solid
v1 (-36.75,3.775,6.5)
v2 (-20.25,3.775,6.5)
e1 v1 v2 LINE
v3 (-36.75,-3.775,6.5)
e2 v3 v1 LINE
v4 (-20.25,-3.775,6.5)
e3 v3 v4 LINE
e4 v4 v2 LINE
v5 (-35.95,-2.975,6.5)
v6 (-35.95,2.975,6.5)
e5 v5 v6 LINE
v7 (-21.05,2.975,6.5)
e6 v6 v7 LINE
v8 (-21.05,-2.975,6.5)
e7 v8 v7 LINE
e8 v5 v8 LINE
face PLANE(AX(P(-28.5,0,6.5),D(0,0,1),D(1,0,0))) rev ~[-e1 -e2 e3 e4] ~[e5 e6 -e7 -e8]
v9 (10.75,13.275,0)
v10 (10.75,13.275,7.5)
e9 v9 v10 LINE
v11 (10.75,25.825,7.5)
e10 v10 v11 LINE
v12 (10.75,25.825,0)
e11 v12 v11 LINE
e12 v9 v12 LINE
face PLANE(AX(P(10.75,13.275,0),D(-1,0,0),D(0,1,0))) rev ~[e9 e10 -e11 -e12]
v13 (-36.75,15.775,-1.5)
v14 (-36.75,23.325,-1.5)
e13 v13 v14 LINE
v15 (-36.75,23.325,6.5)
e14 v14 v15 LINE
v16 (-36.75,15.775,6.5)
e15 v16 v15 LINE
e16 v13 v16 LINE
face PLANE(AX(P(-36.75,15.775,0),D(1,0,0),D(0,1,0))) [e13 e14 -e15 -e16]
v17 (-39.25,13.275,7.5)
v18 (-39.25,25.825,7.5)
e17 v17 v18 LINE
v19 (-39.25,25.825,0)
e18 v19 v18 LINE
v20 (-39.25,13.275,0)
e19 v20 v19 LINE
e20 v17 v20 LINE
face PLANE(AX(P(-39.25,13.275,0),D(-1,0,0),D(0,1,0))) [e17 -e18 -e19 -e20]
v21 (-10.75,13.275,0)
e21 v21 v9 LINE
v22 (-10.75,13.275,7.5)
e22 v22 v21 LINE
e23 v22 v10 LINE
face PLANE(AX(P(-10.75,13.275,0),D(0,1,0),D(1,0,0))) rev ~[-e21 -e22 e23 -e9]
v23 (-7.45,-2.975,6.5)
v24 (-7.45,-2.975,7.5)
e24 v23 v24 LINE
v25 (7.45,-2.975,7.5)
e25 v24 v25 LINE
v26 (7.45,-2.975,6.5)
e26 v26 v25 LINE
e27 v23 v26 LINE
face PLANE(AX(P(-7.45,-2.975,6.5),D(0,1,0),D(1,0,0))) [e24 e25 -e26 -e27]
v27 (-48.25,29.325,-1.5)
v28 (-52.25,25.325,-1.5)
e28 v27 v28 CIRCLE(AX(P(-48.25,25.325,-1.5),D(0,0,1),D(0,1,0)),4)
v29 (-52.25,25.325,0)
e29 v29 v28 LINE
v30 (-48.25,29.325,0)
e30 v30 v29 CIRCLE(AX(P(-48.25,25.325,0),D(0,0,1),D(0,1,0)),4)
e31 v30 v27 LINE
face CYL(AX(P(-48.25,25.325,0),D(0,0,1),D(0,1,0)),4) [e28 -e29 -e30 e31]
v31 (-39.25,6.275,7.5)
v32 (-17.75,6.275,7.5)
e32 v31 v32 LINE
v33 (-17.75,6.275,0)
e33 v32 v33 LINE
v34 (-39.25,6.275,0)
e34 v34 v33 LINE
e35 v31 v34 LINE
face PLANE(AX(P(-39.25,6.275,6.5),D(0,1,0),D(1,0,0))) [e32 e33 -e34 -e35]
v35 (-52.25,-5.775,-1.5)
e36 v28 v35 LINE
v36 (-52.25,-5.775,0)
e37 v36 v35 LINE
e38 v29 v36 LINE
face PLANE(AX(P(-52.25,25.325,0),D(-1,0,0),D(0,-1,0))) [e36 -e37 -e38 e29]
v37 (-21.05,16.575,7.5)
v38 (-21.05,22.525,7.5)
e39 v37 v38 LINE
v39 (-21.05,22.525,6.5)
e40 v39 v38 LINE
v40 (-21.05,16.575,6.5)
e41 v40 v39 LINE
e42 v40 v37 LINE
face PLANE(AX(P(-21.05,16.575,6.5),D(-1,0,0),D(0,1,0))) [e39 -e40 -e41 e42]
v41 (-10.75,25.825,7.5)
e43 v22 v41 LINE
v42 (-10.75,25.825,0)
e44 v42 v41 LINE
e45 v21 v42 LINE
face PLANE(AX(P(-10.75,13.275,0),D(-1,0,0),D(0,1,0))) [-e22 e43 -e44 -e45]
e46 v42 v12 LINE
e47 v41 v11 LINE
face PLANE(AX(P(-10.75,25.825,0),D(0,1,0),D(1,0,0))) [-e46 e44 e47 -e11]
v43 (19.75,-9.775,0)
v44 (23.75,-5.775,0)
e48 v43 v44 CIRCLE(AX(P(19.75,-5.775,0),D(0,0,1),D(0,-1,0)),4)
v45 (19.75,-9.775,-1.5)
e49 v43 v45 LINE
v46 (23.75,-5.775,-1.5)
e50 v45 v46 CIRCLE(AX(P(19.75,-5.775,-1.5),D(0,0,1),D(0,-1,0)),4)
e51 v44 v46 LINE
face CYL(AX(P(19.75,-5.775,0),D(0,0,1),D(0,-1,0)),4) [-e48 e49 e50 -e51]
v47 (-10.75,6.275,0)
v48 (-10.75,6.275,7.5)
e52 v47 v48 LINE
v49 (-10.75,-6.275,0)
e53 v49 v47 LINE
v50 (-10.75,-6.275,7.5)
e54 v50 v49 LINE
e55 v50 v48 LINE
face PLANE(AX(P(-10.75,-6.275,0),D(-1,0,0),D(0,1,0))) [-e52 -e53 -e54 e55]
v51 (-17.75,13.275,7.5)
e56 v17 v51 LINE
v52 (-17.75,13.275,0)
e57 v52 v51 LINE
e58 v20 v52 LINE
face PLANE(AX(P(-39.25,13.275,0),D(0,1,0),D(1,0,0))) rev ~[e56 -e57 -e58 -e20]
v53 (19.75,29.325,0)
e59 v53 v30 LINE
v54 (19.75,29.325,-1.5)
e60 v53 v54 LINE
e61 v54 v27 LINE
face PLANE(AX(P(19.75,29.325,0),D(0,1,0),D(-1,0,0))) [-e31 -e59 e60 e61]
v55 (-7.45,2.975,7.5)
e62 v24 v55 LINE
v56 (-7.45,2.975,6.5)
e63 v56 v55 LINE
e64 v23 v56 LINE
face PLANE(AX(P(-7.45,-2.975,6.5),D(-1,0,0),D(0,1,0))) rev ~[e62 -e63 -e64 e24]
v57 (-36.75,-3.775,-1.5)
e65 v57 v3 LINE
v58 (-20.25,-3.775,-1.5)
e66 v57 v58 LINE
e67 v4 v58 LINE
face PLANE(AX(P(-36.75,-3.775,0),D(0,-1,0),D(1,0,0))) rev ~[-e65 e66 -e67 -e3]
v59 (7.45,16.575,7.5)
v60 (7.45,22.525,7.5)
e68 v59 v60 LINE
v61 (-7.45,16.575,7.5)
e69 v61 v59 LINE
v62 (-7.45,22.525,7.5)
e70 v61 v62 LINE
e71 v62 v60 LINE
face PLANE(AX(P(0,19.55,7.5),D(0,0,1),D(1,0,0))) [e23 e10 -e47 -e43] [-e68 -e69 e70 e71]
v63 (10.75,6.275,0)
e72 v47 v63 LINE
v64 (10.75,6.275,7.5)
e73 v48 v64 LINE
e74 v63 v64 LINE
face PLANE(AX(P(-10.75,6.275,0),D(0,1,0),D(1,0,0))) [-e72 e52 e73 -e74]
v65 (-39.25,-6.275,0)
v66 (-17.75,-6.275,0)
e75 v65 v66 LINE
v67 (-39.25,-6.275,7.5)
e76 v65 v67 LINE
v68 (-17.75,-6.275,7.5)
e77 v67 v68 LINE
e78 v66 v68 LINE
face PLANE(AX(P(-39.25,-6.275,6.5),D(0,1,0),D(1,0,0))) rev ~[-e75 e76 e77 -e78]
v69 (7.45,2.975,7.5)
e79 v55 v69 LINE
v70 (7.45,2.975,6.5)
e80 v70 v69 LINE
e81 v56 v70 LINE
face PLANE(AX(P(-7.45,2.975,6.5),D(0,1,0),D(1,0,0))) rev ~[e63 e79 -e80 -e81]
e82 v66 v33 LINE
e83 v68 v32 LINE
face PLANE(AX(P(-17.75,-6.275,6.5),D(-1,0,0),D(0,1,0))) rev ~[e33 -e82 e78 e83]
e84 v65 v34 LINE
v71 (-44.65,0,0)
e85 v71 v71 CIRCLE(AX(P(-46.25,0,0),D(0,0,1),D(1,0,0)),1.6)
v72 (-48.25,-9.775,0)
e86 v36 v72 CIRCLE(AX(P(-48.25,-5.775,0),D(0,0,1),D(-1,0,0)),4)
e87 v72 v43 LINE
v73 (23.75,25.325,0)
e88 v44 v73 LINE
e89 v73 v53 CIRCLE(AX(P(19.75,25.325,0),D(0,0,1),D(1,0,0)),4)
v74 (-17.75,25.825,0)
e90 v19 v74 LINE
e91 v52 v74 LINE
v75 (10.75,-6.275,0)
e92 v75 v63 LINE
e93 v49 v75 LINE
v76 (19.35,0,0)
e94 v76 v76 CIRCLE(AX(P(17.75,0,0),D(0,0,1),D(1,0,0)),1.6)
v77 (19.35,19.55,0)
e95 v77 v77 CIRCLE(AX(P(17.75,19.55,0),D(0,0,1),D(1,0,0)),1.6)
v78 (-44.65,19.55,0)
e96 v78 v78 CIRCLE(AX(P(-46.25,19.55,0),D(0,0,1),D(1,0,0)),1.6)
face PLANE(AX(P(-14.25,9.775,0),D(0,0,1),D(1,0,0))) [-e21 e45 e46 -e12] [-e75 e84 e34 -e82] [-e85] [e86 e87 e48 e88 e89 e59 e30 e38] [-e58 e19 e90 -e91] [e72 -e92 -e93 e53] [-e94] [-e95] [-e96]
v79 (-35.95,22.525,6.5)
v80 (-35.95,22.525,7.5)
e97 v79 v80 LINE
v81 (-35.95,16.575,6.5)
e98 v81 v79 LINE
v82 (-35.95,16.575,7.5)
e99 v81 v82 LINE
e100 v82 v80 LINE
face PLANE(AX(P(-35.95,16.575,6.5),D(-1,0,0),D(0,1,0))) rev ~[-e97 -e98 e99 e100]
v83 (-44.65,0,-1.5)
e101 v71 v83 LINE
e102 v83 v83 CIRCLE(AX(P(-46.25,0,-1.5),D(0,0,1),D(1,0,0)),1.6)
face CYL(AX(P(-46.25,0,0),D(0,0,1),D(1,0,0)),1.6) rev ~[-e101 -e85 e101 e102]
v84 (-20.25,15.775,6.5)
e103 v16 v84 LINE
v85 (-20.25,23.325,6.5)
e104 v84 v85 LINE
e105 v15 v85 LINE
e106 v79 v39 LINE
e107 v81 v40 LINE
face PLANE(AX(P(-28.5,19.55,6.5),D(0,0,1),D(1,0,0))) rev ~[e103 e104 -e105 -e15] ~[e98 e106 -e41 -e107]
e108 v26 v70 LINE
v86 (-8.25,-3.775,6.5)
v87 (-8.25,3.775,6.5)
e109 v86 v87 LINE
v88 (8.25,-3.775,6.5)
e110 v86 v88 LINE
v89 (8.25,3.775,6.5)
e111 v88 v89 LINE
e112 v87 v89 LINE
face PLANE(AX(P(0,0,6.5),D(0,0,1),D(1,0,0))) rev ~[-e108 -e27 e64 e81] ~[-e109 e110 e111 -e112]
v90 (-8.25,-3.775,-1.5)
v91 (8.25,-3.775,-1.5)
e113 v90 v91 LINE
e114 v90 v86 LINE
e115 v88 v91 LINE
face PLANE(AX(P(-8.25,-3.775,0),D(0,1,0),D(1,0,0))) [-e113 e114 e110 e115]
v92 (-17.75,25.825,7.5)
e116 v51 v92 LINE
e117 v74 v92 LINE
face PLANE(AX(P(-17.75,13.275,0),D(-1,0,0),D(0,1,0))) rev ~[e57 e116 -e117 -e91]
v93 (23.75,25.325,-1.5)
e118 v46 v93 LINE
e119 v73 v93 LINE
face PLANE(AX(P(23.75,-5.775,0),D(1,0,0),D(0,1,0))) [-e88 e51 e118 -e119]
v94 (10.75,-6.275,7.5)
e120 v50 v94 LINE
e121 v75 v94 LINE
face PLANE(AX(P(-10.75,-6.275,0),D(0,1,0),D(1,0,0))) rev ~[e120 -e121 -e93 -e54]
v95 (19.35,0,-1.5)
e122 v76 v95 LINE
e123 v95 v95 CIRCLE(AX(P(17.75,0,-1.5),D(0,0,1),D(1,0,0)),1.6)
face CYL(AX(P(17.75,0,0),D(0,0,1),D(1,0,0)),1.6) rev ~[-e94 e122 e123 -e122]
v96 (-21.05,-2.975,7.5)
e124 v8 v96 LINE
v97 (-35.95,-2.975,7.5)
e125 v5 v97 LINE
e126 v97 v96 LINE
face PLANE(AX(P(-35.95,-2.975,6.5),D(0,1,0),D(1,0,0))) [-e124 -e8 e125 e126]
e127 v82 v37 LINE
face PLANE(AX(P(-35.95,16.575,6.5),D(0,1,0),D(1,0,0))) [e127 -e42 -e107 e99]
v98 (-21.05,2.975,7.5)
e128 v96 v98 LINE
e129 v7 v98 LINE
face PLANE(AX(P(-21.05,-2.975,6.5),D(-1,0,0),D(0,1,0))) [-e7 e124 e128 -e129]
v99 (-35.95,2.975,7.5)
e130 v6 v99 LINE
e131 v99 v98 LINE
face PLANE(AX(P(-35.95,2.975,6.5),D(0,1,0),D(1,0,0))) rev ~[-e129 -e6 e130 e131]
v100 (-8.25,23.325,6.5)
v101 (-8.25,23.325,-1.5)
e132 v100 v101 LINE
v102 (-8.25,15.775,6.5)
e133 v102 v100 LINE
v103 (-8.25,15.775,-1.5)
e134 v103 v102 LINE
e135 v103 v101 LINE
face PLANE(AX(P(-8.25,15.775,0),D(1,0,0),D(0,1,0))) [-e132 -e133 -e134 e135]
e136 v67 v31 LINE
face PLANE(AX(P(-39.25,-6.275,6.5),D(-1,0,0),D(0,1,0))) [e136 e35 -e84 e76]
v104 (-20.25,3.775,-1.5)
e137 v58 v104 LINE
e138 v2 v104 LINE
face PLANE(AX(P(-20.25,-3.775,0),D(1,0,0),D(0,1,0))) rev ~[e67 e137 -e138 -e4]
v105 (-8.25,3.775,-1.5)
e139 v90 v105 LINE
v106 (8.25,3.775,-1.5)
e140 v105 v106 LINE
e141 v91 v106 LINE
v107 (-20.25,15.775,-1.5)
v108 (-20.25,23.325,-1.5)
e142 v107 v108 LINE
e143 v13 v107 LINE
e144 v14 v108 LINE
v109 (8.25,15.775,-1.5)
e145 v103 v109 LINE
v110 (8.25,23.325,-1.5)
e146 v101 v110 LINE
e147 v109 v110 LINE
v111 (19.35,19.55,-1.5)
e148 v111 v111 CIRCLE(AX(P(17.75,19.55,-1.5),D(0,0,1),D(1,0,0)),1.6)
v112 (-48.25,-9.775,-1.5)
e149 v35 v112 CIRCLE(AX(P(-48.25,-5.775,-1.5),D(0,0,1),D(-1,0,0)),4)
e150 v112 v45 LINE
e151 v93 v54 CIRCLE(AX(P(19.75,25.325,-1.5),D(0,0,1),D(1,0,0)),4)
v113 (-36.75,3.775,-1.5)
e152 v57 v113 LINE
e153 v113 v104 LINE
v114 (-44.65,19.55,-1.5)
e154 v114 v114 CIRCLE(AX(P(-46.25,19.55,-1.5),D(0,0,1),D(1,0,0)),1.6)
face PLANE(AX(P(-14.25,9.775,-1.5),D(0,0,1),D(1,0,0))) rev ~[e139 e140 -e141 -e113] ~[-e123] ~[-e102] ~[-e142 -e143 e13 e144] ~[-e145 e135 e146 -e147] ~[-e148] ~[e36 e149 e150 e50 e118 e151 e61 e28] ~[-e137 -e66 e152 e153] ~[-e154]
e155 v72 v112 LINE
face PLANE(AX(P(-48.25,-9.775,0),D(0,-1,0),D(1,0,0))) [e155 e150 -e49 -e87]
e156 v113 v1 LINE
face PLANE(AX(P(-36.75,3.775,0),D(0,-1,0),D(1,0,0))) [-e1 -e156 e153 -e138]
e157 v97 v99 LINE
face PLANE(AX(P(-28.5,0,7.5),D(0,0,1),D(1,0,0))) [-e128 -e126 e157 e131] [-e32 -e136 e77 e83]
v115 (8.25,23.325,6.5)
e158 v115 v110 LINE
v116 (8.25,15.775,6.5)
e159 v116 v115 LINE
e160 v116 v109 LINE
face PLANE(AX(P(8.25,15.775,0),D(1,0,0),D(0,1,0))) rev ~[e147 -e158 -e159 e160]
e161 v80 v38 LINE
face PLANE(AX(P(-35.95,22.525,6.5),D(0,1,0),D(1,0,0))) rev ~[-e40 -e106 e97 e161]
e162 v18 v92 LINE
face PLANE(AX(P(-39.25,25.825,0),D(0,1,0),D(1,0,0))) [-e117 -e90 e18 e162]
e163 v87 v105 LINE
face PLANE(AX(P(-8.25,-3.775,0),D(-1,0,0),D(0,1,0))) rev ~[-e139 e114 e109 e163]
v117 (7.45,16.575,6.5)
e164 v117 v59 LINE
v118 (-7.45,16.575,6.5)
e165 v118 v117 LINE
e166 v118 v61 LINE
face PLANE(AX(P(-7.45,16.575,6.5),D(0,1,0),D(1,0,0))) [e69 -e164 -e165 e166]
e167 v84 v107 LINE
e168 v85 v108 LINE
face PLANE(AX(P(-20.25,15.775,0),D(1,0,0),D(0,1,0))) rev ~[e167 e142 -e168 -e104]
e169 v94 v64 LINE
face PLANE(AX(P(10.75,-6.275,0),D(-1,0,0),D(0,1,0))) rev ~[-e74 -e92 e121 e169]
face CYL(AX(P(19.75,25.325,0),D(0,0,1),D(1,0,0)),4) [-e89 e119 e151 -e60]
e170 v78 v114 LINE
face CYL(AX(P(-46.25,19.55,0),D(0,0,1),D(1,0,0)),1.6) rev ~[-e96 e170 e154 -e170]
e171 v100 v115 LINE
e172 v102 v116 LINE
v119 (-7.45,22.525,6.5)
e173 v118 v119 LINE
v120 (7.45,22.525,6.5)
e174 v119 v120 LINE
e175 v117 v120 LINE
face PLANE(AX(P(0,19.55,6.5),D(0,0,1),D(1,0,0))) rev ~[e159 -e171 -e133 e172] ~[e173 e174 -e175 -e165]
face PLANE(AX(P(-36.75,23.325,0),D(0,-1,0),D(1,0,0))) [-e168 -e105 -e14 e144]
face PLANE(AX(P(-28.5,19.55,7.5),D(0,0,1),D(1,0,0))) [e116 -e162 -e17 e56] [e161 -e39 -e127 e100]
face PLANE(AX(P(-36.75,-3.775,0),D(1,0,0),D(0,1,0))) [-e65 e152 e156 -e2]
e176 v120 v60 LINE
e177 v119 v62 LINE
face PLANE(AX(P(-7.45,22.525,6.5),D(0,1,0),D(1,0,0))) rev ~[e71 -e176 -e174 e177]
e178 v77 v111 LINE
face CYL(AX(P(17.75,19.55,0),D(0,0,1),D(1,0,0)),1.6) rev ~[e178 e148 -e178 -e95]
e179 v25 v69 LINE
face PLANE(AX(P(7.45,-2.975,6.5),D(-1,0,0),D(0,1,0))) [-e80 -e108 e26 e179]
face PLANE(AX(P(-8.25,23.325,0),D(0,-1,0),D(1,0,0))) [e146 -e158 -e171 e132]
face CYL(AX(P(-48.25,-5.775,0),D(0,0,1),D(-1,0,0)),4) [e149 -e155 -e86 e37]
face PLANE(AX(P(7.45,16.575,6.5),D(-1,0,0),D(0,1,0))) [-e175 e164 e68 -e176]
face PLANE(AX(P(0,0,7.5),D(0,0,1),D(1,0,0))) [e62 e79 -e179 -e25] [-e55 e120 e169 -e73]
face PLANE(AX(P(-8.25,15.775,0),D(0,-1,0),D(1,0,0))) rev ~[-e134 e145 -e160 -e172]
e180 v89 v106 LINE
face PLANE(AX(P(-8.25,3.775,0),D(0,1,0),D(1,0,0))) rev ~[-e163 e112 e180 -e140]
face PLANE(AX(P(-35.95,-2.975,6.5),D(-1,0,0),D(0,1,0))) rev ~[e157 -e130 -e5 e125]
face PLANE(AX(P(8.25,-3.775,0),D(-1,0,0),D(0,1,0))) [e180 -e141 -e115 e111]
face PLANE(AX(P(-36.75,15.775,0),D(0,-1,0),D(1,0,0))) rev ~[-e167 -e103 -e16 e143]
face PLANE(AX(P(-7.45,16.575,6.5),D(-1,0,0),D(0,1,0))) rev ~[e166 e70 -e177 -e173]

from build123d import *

# Parameters (mm, degrees)
F0_R     = 1.6
F0_W     = 21.5
F0_H     = 12.55
F0_W_2   = 16.5
F0_H_2   = 7.55
F1_DEPTH = 1.5
F2_DEPTH = 6.5
F3_W     = 21.5
F3_H     = 12.55
F3_W_2   = 16.5
F3_H_2   = 7.55
F3_W_3   = 14.9
F3_H_3   = 5.95
F4_DEPTH = 1


with BuildPart() as f1:
    # F0 (on Top) → F1 (new body)
    with BuildSketch(Plane.XY):
        with BuildLine():
            Line((-14.25, -9.775), (17.75, -9.775))
            Line((17.75, -9.775), (19.75, -9.775))
            ThreePointArc((19.75, -9.775), (22.5784271247, -8.6034271247), (23.75, -5.775))
            Line((23.75, -5.775), (23.75, 25.325))
            ThreePointArc((23.75, 25.325), (22.5784271247, 28.1534271247), (19.75, 29.325))
            Line((19.75, 29.325), (17.75, 29.325))
            Line((17.75, 29.325), (-14.25, 29.325))
            Line((-14.25, 29.325), (-46.25, 29.325))
            Line((-46.25, 29.325), (-48.25, 29.325))
            ThreePointArc((-48.25, 29.325), (-51.0784271247, 28.1534271247), (-52.25, 25.325))
            Line((-52.25, 25.325), (-52.25, -5.775))
            ThreePointArc((-52.25, -5.775), (-51.0784271247, -8.6034271247), (-48.25, -9.775))
            Line((-48.25, -9.775), (-46.25, -9.775))
            Line((-46.25, -9.775), (-14.25, -9.775))
        make_face()
        with Locations((-46.25, 0)):
            Circle(F0_R, mode=Mode.SUBTRACT)
        with Locations((-28.5, 0)):
            Rectangle(F0_W, F0_H, mode=Mode.SUBTRACT)
        Rectangle(F0_W, F0_H, mode=Mode.SUBTRACT)
        with Locations((17.75, 0)):
            Circle(F0_R, mode=Mode.SUBTRACT)
        with Locations((-46.25, 19.55)):
            Circle(F0_R, mode=Mode.SUBTRACT)
        with Locations((-28.5, 19.55)):
            Rectangle(F0_W, F0_H, mode=Mode.SUBTRACT)
        with Locations((0, 19.55)):
            Rectangle(F0_W, F0_H, mode=Mode.SUBTRACT)
        with Locations((17.75, 19.55)):
            Circle(F0_R, mode=Mode.SUBTRACT)
        with Locations((-28.5, 0)):
            Rectangle(F0_W, F0_H)
        with Locations((-28.5, 0)):
            Rectangle(F0_W_2, F0_H_2, mode=Mode.SUBTRACT)
        Rectangle(F0_W, F0_H)
        Rectangle(F0_W_2, F0_H_2, mode=Mode.SUBTRACT)
        with Locations((-28.5, 19.55)):
            Rectangle(F0_W, F0_H)
        with Locations((-28.5, 19.55)):
            Rectangle(F0_W_2, F0_H_2, mode=Mode.SUBTRACT)
        with Locations((0, 19.55)):
            Rectangle(F0_W, F0_H)
        with Locations((0, 19.55)):
            Rectangle(F0_W_2, F0_H_2, mode=Mode.SUBTRACT)
    extrude(amount=-F1_DEPTH)

    # F0 (on Top) → F2 (join)
    with BuildSketch(Plane.XY):
        Rectangle(F0_W, F0_H)
        Rectangle(F0_W_2, F0_H_2, mode=Mode.SUBTRACT)
        with Locations((-28.5, 0)):
            Rectangle(F0_W, F0_H)
        with Locations((-28.5, 0)):
            Rectangle(F0_W_2, F0_H_2, mode=Mode.SUBTRACT)
        with Locations((-28.5, 19.55)):
            Rectangle(F0_W, F0_H)
        with Locations((-28.5, 19.55)):
            Rectangle(F0_W_2, F0_H_2, mode=Mode.SUBTRACT)
        with Locations((0, 19.55)):
            Rectangle(F0_W, F0_H)
        with Locations((0, 19.55)):
            Rectangle(F0_W_2, F0_H_2, mode=Mode.SUBTRACT)
    extrude(amount=F2_DEPTH)

    # F3 (on face) → F4 (join)
    with BuildSketch(Plane.XY.offset(6.5)):
        with Locations((-28.5, 0)):
            Rectangle(F3_W, F3_H)
        with Locations((-28.5, 0)):
            Rectangle(F3_W_2, F3_H_2, mode=Mode.SUBTRACT)
        Rectangle(F3_W, F3_H)
        Rectangle(F3_W_2, F3_H_2, mode=Mode.SUBTRACT)
        with Locations((-28.5, 19.55)):
            Rectangle(F3_W, F3_H)
        with Locations((-28.5, 19.55)):
            Rectangle(F3_W_2, F3_H_2, mode=Mode.SUBTRACT)
        with Locations((0, 19.55)):
            Rectangle(F3_W, F3_H)
        with Locations((0, 19.55)):
            Rectangle(F3_W_2, F3_H_2, mode=Mode.SUBTRACT)
        with Locations((-28.5, 0)):
            Rectangle(F3_W_2, F3_H_2)
        with Locations((-28.5, 0)):
            Rectangle(F3_W_3, F3_H_3, mode=Mode.SUBTRACT)
        Rectangle(F3_W_2, F3_H_2)
        Rectangle(F3_W_3, F3_H_3, mode=Mode.SUBTRACT)
        with Locations((-28.5, 19.55)):
            Rectangle(F3_W_2, F3_H_2)
        with Locations((-28.5, 19.55)):
            Rectangle(F3_W_3, F3_H_3, mode=Mode.SUBTRACT)
        with Locations((0, 19.55)):
            Rectangle(F3_W_2, F3_H_2)
        with Locations((0, 19.55)):
            Rectangle(F3_W_3, F3_H_3, mode=Mode.SUBTRACT)
    extrude(amount=F4_DEPTH)


solid = f1.part
